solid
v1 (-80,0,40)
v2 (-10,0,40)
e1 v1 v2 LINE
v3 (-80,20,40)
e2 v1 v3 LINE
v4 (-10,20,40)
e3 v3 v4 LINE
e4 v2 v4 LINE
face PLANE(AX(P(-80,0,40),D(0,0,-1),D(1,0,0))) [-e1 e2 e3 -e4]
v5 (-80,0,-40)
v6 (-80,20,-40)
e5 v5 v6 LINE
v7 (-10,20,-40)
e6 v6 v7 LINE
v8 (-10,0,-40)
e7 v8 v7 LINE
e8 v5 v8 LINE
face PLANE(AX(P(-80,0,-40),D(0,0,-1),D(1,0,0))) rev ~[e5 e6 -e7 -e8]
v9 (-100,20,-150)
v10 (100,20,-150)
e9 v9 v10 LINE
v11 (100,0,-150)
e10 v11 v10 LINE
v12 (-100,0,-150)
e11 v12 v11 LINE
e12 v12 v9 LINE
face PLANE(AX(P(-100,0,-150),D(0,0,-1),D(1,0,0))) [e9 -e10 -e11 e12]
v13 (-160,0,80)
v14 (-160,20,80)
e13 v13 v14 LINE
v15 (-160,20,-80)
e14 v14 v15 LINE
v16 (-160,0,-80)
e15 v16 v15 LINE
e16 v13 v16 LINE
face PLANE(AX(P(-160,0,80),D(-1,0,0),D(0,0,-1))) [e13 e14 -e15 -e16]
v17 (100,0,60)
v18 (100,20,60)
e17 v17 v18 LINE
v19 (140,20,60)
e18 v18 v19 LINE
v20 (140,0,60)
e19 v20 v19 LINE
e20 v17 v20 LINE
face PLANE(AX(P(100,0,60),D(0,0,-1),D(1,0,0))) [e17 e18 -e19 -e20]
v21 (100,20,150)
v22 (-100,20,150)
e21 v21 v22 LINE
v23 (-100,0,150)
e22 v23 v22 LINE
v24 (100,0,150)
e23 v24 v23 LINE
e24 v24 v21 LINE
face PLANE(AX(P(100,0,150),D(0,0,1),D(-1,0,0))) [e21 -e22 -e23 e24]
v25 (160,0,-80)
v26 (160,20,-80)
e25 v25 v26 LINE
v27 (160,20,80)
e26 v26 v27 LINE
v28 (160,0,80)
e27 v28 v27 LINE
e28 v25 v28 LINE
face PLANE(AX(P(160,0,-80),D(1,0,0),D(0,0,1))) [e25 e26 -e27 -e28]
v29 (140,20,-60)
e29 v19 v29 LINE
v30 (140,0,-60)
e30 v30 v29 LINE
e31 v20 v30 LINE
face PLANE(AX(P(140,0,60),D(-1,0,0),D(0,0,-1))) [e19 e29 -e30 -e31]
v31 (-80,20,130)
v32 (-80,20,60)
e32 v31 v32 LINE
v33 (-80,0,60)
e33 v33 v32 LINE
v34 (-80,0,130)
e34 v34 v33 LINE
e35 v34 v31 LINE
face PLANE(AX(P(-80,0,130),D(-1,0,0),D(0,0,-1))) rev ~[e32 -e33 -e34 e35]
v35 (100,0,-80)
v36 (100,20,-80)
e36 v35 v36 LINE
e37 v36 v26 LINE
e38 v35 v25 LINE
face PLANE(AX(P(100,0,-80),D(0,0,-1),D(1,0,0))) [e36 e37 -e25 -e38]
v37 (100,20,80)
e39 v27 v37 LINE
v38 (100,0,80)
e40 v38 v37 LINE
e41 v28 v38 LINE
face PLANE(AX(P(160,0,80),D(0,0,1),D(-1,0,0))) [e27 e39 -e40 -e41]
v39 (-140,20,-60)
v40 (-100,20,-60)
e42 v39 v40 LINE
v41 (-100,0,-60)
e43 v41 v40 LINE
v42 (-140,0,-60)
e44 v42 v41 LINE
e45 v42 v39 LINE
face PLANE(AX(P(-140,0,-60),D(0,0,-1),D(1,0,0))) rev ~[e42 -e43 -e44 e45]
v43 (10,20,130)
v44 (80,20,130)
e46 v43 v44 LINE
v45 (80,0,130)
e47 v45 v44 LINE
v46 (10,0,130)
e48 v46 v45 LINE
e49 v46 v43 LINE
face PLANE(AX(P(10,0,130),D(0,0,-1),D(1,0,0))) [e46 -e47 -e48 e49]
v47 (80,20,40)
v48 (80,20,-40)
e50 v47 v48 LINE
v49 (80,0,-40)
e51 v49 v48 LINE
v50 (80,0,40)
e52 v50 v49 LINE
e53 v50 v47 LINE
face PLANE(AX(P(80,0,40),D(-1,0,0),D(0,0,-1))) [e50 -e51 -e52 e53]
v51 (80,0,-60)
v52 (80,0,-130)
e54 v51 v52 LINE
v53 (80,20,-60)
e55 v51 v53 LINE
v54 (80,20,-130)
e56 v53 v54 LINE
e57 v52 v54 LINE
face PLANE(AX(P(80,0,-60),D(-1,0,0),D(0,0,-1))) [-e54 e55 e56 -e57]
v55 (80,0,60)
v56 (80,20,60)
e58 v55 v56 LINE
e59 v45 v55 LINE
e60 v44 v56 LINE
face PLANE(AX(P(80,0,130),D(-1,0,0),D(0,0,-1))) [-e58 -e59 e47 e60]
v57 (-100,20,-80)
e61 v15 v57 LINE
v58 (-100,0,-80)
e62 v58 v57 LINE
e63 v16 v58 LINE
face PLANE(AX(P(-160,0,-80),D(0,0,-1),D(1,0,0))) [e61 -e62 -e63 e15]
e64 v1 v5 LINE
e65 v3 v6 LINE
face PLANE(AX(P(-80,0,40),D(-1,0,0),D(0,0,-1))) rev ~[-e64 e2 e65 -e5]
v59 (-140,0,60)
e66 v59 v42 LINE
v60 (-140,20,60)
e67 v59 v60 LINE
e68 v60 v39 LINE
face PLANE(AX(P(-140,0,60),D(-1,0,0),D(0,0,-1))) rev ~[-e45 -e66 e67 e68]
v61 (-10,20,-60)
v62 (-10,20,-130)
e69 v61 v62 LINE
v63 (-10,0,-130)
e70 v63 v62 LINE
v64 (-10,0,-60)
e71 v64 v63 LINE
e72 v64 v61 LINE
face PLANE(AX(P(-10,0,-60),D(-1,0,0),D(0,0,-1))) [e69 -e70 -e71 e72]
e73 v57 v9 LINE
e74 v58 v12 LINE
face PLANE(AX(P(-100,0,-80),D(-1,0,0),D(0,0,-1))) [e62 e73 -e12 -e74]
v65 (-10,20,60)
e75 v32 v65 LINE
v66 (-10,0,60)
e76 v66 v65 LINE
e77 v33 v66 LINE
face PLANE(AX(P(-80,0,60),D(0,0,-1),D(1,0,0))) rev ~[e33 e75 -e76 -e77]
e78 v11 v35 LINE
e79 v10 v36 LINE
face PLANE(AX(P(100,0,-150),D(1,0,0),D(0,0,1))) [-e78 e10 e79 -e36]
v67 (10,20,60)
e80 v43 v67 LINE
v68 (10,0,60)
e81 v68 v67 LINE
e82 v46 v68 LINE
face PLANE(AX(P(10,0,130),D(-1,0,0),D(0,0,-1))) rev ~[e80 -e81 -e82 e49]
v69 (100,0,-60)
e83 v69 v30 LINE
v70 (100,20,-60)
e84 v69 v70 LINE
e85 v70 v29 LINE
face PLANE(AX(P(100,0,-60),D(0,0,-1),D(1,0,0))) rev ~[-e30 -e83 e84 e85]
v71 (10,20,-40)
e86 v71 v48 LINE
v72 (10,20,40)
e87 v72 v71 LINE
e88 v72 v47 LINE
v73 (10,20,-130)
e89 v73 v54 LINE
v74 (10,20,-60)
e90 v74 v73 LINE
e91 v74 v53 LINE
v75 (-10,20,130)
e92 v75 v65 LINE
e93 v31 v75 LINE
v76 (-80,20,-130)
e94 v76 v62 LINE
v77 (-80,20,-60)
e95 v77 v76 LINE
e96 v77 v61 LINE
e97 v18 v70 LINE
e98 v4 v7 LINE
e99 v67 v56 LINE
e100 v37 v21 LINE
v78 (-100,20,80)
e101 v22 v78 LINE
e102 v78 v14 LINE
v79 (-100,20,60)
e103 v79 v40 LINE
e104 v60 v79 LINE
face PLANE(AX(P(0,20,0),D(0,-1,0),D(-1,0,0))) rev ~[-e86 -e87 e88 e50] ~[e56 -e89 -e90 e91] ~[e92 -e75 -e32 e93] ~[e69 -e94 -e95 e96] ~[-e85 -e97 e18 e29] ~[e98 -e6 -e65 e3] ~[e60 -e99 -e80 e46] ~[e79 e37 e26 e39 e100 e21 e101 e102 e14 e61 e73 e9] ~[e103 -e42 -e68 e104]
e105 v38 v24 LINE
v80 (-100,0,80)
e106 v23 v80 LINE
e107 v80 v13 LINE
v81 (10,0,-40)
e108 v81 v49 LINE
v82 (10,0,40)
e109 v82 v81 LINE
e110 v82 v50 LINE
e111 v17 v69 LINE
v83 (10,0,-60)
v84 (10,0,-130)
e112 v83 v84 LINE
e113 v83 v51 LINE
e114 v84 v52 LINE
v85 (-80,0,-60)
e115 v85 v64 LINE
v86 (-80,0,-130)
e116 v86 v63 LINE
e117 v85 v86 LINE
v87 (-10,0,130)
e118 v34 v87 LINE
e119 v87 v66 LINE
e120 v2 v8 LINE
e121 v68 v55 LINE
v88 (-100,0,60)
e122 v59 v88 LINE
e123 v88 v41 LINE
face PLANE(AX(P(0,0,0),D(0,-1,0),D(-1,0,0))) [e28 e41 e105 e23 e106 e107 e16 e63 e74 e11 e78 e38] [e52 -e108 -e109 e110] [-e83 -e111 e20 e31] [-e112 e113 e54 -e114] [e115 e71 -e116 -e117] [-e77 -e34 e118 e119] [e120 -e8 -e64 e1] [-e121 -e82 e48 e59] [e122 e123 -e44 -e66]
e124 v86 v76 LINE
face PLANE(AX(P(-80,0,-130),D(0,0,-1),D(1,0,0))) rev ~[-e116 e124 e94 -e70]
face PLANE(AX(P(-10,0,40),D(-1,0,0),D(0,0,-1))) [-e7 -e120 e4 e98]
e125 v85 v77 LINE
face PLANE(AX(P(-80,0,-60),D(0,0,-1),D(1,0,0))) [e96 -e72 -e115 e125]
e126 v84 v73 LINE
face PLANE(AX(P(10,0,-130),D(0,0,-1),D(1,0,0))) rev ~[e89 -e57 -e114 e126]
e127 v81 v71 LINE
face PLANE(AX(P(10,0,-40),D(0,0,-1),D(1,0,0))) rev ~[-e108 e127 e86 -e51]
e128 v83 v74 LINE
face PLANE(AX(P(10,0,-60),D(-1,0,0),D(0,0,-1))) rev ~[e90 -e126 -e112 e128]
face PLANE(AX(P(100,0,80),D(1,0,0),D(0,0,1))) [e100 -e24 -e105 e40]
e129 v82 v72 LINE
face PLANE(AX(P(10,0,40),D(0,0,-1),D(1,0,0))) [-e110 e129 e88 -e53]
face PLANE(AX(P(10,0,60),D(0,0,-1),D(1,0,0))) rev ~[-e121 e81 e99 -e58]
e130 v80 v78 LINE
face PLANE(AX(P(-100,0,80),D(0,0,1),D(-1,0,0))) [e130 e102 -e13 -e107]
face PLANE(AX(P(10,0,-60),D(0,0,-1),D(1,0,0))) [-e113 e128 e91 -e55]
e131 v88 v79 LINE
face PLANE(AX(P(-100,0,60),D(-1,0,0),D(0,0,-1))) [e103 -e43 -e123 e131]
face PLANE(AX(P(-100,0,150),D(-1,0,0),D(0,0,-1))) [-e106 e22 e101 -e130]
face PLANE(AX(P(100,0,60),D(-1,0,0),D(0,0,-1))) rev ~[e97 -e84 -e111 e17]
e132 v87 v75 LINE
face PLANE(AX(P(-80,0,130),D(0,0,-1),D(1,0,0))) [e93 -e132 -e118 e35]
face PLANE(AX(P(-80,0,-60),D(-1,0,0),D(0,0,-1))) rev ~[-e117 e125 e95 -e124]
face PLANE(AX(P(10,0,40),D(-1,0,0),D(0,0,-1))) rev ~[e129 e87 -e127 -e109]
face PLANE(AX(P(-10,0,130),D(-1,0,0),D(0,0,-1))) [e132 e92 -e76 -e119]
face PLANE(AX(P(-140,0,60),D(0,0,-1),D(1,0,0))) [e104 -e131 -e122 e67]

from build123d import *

# Parameters (mm, degrees)
SKETCH4_W           = 70
SKETCH4_H           = 70
SKETCH4_H_2         = 80
SKETCH4_W_2         = 40
SKETCH4_H_3         = 120
BOSS_EXTRUDE2_DEPTH = 20


with BuildPart() as part:
    # Sketch4 → Boss-Extrude2 (new body)
    with BuildSketch(Plane(origin=(0, 0, 0), x_dir=(1, 0, 0), z_dir=(0, 1, 0))):
        Polygon((-100, 150), (100, 150), (100, 80), (160, 80), (160, -80), (100, -80), (100, -150), (-100, -150), (-100, -80), (-160, -80), (-160, 80), (-100, 80), align=None)
        with Locations((-45, 95)):
            Rectangle(SKETCH4_W, SKETCH4_H, mode=Mode.SUBTRACT)
        with Locations((45, 95)):
            Rectangle(SKETCH4_W, SKETCH4_H, mode=Mode.SUBTRACT)
        with Locations((-45, 0)):
            Rectangle(SKETCH4_W, SKETCH4_H_2, mode=Mode.SUBTRACT)
        with Locations((45, 0)):
            Rectangle(SKETCH4_W, SKETCH4_H_2, mode=Mode.SUBTRACT)
        with Locations((-45, -95)):
            Rectangle(SKETCH4_W, SKETCH4_H, mode=Mode.SUBTRACT)
        with Locations((45, -95)):
            Rectangle(SKETCH4_W, SKETCH4_H, mode=Mode.SUBTRACT)
        with Locations((120, 0)):
            Rectangle(SKETCH4_W_2, SKETCH4_H_3, mode=Mode.SUBTRACT)
        with Locations((-120, 0)):
            Rectangle(SKETCH4_W_2, SKETCH4_H_3, mode=Mode.SUBTRACT)
    extrude(amount=BOSS_EXTRUDE2_DEPTH)


solid = part.part
